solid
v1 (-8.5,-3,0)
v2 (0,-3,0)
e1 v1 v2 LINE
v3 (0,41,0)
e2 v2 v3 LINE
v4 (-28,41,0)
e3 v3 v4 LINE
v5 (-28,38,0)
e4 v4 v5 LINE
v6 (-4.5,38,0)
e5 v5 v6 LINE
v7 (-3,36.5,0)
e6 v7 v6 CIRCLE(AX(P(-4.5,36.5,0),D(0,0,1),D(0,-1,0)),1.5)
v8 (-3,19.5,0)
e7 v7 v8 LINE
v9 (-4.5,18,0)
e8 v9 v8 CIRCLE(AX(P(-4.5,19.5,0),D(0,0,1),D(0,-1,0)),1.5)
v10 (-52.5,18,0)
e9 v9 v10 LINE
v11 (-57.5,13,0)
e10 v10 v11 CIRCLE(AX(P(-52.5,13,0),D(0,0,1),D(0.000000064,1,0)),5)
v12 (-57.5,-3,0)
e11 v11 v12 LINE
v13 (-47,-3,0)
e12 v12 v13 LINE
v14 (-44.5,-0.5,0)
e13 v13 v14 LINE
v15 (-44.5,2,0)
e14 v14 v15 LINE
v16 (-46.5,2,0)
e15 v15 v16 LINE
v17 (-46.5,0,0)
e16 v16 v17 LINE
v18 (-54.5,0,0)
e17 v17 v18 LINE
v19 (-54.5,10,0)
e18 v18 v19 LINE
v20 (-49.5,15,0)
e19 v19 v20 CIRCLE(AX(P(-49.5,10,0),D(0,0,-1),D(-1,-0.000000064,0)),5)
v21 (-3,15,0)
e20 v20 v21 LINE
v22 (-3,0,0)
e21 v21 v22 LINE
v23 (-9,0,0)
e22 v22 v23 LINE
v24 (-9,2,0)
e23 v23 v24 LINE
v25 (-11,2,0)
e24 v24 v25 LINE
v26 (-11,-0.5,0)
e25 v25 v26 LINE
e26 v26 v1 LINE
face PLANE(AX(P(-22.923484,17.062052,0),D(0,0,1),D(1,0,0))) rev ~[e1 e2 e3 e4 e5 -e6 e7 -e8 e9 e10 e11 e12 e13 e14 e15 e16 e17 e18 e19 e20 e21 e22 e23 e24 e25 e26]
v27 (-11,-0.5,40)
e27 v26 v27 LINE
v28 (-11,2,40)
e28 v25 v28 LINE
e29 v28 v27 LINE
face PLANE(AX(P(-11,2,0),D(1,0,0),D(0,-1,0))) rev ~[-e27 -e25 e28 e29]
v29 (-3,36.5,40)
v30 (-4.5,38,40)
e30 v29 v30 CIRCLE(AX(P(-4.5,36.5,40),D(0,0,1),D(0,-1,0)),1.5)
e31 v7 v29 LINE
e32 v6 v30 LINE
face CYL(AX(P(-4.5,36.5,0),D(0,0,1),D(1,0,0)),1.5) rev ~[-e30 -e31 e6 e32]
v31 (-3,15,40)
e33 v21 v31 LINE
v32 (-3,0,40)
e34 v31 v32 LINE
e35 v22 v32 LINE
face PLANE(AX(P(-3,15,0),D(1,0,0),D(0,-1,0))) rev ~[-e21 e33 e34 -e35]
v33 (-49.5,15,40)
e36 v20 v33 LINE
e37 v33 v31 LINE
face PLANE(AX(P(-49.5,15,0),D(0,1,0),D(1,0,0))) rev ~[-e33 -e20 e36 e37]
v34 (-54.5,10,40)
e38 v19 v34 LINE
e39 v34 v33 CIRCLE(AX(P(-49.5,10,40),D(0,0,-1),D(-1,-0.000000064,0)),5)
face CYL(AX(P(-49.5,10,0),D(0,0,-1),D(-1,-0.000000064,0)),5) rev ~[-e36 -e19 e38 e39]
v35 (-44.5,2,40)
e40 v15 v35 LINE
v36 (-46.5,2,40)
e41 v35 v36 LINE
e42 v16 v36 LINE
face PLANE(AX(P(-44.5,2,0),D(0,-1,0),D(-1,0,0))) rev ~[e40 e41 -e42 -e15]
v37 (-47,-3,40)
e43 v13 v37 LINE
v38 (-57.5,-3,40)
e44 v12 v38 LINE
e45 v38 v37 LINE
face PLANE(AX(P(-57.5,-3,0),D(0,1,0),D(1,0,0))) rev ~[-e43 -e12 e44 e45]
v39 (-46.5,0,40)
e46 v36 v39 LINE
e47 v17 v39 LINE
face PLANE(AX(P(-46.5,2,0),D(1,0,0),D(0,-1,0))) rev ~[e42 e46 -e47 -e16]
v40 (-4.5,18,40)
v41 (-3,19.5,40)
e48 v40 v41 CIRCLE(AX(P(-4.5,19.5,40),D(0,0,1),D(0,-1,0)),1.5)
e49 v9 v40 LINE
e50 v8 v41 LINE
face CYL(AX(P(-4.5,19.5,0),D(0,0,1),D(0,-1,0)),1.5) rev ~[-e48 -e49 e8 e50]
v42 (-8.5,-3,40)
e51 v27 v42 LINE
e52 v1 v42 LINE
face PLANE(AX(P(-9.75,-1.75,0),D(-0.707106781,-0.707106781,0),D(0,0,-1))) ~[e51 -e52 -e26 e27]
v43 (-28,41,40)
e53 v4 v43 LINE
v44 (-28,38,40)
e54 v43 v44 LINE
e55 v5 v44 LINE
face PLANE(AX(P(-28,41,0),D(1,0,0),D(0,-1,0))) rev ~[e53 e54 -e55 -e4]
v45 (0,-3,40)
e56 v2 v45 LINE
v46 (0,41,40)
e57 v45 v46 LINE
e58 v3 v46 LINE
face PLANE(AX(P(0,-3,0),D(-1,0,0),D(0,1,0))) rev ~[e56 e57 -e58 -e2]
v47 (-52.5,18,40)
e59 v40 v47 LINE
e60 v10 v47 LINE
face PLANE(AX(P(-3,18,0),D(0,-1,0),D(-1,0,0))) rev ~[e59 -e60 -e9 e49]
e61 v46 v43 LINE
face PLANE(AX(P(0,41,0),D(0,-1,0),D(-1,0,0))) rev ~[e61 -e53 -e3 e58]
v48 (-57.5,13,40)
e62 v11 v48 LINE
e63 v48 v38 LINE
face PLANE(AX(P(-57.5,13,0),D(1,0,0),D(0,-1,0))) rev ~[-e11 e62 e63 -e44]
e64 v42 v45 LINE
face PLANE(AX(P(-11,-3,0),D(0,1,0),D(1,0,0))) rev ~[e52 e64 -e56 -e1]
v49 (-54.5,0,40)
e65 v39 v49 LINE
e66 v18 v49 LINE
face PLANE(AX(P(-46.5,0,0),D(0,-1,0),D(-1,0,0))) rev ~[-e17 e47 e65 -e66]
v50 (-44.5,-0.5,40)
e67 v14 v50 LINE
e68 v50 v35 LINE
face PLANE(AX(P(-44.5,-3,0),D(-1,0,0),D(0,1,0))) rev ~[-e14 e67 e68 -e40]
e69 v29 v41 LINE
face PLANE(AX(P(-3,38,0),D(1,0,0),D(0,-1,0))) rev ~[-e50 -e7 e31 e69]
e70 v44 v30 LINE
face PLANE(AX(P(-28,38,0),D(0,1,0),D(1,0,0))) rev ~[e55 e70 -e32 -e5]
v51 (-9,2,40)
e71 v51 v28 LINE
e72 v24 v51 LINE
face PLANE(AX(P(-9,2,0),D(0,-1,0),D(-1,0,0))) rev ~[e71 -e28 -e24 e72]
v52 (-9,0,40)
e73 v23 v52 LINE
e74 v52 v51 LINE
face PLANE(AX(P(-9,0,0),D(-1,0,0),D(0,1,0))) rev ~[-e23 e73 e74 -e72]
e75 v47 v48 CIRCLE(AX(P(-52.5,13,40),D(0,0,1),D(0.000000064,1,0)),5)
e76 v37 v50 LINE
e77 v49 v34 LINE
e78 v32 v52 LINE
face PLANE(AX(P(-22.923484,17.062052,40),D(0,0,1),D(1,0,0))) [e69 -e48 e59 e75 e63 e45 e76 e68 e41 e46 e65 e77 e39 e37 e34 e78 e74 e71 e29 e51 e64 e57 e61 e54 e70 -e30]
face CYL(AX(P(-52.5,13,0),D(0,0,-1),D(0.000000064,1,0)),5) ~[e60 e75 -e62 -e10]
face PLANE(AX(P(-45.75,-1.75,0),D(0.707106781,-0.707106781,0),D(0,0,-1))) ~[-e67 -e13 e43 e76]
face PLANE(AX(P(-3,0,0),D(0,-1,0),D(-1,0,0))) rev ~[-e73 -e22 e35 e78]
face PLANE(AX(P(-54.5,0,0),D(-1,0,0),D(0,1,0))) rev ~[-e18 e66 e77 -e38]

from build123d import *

# Parameters (mm, degrees)
F1_DEPTH = 40
F2_SIZE  = 2.5
F3_R     = 1.5


with BuildPart() as f1:
    # F0 (on Top) → F1 (new body)
    with BuildSketch(Plane.XY):
        with BuildLine():
            Line((0, -3), (0, 0))
            Line((0, 0), (0, 18))
            Line((0, 18), (0, 41))
            Line((0, 41), (-28, 41))
            Line((-28, 41), (-28, 38))
            Line((-28, 38), (-3, 38))
            Line((-3, 38), (-3, 18))
            Line((-3, 18), (-52.5, 18))
            ThreePointArc((-52.5, 18), (-56.035534, 16.535534), (-57.5, 13))
            Line((-57.5, 13), (-57.5, -3))
            Line((-57.5, -3), (-53, -3))
            Line((-53, -3), (-44.5, -3))
            Line((-44.5, -3), (-44.5, 0))
            Line((-44.5, 0), (-44.5, 2))
            Line((-44.5, 2), (-46.5, 2))
            Line((-46.5, 2), (-46.5, 0))
            Line((-46.5, 0), (-54.5, 0))
            Line((-54.5, 0), (-54.5, 10))
            ThreePointArc((-54.5, 10), (-53.035534, 13.535534), (-49.5, 15))
            Line((-49.5, 15), (-3, 15))
            Line((-3, 15), (-3, 0))
            Line((-3, 0), (-9, 0))
            Line((-9, 0), (-9, 2))
            Line((-9, 2), (-11, 2))
            Line((-11, 2), (-11, 0))
            Line((-11, 0), (-11, -3))
            Line((-11, -3), (0, -3))
        make_face()
    extrude(amount=F1_DEPTH)

    # F2
    f2_edges = [f1.edges().sort_by_distance(p)[0] for p in [
        (-11, -3, 20),
        (-44.5, -3, 20),
    ]]
    chamfer(f2_edges, length=F2_SIZE)

    # F3
    f3_edges = [f1.edges().sort_by_distance(p)[0] for p in [
        (-3, 18, 20),
        (-3, 38, 20),
    ]]
    fillet(f3_edges, radius=F3_R)


solid = f1.part
